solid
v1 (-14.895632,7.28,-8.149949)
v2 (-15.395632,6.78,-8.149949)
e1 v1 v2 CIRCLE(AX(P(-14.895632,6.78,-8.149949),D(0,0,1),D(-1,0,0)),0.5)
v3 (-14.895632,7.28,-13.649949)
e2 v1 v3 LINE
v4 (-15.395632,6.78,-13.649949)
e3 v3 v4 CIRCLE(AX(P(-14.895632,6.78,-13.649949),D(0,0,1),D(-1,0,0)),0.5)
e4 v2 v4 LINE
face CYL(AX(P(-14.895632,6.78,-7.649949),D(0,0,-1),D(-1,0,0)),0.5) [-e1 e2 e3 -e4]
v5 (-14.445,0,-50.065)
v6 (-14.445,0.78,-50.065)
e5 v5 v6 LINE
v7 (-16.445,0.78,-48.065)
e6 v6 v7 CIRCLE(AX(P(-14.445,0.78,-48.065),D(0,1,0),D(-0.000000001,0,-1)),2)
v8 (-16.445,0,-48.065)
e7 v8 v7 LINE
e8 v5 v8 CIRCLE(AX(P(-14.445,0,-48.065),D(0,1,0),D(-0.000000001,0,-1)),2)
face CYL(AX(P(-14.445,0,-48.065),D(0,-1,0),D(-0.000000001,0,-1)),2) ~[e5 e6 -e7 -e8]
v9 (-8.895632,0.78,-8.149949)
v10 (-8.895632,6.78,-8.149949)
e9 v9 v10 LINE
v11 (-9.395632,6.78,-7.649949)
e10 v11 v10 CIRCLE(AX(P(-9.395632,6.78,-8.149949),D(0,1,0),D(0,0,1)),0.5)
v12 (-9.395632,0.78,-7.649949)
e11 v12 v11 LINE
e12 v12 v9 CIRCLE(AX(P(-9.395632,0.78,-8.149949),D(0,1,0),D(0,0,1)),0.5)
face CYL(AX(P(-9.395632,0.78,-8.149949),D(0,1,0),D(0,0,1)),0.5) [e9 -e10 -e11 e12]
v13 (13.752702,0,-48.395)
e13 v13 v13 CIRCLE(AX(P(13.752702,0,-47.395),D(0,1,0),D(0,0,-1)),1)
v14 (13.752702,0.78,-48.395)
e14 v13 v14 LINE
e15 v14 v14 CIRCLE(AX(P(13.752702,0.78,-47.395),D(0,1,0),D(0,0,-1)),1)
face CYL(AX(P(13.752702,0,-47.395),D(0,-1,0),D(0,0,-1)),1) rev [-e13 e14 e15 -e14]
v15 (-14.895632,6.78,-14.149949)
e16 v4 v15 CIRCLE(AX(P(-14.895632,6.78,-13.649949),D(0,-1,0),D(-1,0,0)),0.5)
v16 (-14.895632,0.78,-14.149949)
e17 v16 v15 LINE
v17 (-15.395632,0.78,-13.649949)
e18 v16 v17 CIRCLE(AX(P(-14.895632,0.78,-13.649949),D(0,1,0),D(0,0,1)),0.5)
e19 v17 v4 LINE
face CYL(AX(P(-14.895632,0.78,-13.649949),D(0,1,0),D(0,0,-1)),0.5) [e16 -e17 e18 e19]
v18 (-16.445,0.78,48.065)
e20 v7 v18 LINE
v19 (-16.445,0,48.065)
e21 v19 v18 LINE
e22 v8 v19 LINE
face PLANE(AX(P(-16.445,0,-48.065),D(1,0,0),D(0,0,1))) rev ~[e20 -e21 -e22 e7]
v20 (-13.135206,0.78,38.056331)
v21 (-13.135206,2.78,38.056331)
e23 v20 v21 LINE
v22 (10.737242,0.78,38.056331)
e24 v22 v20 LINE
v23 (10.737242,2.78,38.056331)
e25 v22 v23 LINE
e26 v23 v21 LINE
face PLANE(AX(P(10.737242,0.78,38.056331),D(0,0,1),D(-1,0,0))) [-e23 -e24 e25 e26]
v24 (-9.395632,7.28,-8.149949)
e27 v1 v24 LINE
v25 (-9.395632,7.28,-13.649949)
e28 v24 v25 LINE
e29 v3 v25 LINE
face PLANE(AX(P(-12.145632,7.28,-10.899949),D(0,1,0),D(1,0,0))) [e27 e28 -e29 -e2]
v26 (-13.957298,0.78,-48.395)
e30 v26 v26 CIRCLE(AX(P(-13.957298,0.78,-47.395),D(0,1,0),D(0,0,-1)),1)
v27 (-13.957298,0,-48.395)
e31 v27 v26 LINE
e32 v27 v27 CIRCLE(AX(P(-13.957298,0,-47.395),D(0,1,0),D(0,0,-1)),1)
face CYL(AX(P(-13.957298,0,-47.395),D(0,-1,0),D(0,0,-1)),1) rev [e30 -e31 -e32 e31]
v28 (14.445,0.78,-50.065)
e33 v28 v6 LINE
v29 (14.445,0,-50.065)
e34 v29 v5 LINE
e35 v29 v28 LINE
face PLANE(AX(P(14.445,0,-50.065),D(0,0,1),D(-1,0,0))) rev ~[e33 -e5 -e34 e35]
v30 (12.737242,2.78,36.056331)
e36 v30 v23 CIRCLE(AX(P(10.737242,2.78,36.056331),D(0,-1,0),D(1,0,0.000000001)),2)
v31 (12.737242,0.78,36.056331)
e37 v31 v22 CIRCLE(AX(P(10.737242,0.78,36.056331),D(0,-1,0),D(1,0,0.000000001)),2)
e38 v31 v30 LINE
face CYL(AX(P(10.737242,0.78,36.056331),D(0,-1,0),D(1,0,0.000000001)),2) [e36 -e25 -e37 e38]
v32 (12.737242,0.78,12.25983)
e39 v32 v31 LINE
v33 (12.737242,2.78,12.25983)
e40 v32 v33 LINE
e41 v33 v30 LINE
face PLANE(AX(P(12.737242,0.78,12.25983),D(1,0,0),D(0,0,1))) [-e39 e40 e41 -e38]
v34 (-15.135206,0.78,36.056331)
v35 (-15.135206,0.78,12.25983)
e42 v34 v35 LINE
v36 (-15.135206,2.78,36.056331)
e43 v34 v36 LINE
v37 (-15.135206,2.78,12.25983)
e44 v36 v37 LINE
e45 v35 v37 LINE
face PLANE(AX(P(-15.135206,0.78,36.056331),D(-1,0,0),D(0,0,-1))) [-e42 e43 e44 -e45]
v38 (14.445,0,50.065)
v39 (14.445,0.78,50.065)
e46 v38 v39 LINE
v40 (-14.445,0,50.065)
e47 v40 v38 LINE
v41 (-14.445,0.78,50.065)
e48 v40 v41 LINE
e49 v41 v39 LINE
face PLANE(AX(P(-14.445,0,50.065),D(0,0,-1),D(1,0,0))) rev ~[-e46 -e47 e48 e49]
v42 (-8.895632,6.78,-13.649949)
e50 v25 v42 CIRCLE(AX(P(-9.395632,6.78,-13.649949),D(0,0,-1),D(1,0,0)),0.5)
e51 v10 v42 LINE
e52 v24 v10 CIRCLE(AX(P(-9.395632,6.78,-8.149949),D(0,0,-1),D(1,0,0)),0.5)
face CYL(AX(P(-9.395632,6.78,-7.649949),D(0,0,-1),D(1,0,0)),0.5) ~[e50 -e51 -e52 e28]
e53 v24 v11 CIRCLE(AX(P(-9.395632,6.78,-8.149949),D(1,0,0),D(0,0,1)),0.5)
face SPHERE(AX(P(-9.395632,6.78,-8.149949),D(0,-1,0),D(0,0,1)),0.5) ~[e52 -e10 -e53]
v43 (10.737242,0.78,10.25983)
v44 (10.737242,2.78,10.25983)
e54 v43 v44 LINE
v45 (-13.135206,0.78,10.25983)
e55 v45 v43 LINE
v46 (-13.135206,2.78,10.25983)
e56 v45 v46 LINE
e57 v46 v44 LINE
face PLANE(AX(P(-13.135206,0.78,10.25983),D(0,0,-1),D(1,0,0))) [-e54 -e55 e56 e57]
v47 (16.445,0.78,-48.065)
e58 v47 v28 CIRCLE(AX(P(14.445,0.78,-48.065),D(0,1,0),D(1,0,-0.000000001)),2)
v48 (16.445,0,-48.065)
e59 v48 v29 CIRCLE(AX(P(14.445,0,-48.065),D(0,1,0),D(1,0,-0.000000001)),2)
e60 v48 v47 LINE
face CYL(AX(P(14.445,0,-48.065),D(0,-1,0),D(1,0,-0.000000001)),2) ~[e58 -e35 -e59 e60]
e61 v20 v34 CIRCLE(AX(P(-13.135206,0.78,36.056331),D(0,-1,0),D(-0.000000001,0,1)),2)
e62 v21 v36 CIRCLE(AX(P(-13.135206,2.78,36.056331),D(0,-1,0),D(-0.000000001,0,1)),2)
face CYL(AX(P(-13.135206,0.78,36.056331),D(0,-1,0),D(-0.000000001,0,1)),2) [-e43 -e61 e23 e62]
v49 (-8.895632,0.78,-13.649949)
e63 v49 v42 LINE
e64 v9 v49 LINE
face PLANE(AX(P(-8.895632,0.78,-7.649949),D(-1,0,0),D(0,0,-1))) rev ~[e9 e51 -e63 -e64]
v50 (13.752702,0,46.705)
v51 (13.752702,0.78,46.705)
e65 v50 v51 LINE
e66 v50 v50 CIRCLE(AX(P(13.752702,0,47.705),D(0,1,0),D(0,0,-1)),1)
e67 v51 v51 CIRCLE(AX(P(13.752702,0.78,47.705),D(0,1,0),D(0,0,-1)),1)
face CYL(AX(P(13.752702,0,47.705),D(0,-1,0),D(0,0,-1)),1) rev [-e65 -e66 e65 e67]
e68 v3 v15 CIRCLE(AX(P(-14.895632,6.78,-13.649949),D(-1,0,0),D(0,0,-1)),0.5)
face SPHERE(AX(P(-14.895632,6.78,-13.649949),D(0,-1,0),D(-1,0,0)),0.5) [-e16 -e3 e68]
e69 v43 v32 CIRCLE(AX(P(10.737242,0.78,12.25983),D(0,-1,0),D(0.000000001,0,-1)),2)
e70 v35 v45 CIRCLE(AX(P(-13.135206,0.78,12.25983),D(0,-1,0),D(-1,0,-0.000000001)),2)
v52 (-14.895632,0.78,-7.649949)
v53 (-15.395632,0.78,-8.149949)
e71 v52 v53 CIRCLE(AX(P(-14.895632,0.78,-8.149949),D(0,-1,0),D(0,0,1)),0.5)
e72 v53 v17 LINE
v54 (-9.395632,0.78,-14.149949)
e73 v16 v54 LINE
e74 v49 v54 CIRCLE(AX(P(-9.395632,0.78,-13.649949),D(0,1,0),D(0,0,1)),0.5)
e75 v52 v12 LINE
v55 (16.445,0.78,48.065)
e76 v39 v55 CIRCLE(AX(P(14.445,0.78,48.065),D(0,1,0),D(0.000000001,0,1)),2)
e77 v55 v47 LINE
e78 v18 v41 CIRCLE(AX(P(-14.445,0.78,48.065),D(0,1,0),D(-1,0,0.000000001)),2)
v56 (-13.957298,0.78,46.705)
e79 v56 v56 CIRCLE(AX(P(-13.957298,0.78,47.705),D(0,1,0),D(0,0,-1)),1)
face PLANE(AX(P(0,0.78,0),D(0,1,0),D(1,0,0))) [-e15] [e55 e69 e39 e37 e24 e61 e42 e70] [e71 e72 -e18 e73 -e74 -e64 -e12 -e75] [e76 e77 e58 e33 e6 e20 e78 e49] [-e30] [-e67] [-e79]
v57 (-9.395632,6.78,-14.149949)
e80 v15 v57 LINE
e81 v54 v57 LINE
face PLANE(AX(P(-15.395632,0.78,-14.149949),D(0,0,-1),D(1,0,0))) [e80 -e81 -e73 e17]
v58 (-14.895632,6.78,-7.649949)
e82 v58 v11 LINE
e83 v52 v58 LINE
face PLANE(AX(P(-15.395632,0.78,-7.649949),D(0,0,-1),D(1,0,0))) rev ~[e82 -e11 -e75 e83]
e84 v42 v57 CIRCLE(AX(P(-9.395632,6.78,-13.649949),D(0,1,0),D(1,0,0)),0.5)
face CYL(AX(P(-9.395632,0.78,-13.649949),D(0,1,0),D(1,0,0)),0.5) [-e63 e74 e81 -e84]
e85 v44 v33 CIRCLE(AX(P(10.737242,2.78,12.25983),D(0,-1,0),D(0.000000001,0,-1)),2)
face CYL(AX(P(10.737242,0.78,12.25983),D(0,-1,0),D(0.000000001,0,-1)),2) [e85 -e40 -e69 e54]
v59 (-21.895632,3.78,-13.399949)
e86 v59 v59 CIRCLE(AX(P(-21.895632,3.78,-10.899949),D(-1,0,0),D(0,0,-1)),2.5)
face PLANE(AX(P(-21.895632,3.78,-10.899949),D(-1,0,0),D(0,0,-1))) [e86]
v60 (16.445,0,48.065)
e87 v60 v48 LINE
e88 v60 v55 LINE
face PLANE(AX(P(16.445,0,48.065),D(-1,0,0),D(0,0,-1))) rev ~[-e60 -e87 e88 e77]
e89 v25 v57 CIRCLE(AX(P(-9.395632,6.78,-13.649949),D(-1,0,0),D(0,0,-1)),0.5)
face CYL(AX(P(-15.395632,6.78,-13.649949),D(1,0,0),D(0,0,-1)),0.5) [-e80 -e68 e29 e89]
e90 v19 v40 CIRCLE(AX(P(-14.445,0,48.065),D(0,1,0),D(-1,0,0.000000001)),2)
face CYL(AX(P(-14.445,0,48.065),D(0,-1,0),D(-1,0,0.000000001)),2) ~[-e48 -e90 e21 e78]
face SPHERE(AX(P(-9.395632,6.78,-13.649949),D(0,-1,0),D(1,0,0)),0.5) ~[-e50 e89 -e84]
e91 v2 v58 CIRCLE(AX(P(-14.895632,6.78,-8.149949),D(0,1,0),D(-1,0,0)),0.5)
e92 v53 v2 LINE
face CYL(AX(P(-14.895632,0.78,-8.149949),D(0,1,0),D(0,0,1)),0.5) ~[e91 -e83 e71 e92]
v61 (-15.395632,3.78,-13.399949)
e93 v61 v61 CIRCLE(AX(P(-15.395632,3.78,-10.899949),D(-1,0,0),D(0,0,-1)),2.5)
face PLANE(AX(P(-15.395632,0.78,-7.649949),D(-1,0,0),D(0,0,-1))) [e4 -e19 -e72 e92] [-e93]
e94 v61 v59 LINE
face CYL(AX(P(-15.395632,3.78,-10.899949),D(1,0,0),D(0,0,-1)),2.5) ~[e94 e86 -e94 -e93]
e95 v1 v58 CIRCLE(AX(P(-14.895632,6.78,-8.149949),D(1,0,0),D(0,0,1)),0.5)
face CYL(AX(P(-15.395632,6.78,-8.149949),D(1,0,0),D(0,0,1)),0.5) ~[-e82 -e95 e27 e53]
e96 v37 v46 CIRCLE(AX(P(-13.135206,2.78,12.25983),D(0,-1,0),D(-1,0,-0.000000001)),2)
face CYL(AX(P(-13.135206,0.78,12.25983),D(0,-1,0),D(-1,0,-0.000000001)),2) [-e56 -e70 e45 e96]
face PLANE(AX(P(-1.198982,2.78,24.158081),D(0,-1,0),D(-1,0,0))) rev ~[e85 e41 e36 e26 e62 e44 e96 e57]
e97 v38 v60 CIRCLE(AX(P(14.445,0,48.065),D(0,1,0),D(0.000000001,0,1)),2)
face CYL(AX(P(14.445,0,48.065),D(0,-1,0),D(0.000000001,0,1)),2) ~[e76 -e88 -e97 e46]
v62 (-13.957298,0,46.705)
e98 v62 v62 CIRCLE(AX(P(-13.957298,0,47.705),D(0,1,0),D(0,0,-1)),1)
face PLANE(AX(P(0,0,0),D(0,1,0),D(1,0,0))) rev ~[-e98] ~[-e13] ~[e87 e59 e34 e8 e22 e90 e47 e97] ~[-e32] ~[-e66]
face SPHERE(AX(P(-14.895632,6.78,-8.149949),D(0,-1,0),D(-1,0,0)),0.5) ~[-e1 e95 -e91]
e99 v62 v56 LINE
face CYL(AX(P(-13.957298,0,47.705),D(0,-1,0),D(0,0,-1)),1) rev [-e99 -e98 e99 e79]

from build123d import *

# Parameters (mm, degrees)
SKETCH1_R           = 1
BOSS_EXTRUDE1_DEPTH = 0.78
SKETCH2_W           = 6.5
SKETCH2_H           = 6.5
BOSS_EXTRUDE2_DEPTH = 6.5
FILLET1_R           = 0.5
SKETCH3_R           = 2.5
BOSS_EXTRUDE3_DEPTH = 6.5
BOSS_EXTRUDE4_DEPTH = 2


with BuildPart() as part:
    # Sketch1 → Boss-Extrude1 (new body)
    with BuildSketch(Plane(origin=(0, 0, 0), x_dir=(1, 0, 0), z_dir=(0, 1, 0))):
        with BuildLine():
            Line((-14.445, -50.065), (14.445, -50.065))
            ThreePointArc((14.445, -50.065), (15.859213562, -49.479213562), (16.445, -48.065))
            Line((16.445, -48.065), (16.445, 48.065))
            ThreePointArc((16.445, 48.065), (15.859213562, 49.479213562), (14.445, 50.065))
            Line((14.445, 50.065), (-14.445, 50.065))
            ThreePointArc((-14.445, 50.065), (-15.859213562, 49.479213562), (-16.445, 48.065))
            Line((-16.445, 48.065), (-16.445, -48.065))
            ThreePointArc((-16.445, -48.065), (-15.859213562, -49.479213562), (-14.445, -50.065))
        make_face()
        with Locations(Location((-13.957298137, 47.395, 0), (0, 0, 90))):
            Circle(SKETCH1_R, mode=Mode.SUBTRACT)
        with Locations(Location((13.752701863, 47.395, 0), (0, 0, 90))):
            Circle(SKETCH1_R, mode=Mode.SUBTRACT)
        with Locations(Location((13.752701863, -47.705, 0), (0, 0, 90))):
            Circle(SKETCH1_R, mode=Mode.SUBTRACT)
        with Locations(Location((-13.957298137, -47.705, 0), (0, 0, 90))):
            Circle(SKETCH1_R, mode=Mode.SUBTRACT)
    extrude(amount=BOSS_EXTRUDE1_DEPTH)

    # Sketch2 → Boss-Extrude2 (add)
    with BuildSketch(Plane(origin=(0, 0.78, 0), x_dir=(1, 0, 0), z_dir=(0, 1, 0))):
        with Locations((-12.145631844, 10.899949454)):
            Rectangle(SKETCH2_W, SKETCH2_H)
    extrude(amount=BOSS_EXTRUDE2_DEPTH)

    # Fillet1
    fillet1_edges = [part.edges().sort_by_distance(p)[0] for p in [
        (-15.395631844, 4.03, -14.149949454),
        (-15.395631844, 4.03, -7.649949454),
        (-8.895631844, 4.03, -7.649949454),
        (-8.895631844, 4.03, -14.149949454),
        (-15.395631844, 7.28, -10.899949454),
        (-12.145631844, 7.28, -7.649949454),
        (-8.895631844, 7.28, -10.899949454),
        (-12.145631844, 7.28, -14.149949454),
    ]]
    fillet(fillet1_edges, radius=FILLET1_R)

    # Sketch3 → Boss-Extrude3 (add)
    with BuildSketch(Plane.ZY.offset(15.395631844)):
        with Locations(Location((-10.899949454, 3.78, 0), (0, 0, 180))):
            Circle(SKETCH3_R)
    extrude(amount=BOSS_EXTRUDE3_DEPTH)

    # Sketch4 → Boss-Extrude4 (add)
    with BuildSketch(Plane(origin=(0, 0.78, 0), x_dir=(1, 0, 0), z_dir=(0, 1, 0))):
        with BuildLine():
            Line((-13.135206183, -10.259829813), (10.737242055, -10.259829813))
            ThreePointArc((10.737242055, -10.259829813), (12.151455617, -10.845616251), (12.737242055, -12.259829813))
            Line((12.737242055, -12.259829813), (12.737242055, -36.056331326))
            ThreePointArc((12.737242055, -36.056331326), (12.151455617, -37.470544888), (10.737242055, -38.056331326))
            Line((10.737242055, -38.056331326), (-13.135206183, -38.056331326))
            ThreePointArc((-13.135206183, -38.056331326), (-14.549419745, -37.470544888), (-15.135206183, -36.056331326))
            Line((-15.135206183, -36.056331326), (-15.135206183, -12.259829813))
            ThreePointArc((-15.135206183, -12.259829813), (-14.549419745, -10.845616251), (-13.135206183, -10.259829813))
        make_face()
    extrude(amount=BOSS_EXTRUDE4_DEPTH)


solid = part.part
